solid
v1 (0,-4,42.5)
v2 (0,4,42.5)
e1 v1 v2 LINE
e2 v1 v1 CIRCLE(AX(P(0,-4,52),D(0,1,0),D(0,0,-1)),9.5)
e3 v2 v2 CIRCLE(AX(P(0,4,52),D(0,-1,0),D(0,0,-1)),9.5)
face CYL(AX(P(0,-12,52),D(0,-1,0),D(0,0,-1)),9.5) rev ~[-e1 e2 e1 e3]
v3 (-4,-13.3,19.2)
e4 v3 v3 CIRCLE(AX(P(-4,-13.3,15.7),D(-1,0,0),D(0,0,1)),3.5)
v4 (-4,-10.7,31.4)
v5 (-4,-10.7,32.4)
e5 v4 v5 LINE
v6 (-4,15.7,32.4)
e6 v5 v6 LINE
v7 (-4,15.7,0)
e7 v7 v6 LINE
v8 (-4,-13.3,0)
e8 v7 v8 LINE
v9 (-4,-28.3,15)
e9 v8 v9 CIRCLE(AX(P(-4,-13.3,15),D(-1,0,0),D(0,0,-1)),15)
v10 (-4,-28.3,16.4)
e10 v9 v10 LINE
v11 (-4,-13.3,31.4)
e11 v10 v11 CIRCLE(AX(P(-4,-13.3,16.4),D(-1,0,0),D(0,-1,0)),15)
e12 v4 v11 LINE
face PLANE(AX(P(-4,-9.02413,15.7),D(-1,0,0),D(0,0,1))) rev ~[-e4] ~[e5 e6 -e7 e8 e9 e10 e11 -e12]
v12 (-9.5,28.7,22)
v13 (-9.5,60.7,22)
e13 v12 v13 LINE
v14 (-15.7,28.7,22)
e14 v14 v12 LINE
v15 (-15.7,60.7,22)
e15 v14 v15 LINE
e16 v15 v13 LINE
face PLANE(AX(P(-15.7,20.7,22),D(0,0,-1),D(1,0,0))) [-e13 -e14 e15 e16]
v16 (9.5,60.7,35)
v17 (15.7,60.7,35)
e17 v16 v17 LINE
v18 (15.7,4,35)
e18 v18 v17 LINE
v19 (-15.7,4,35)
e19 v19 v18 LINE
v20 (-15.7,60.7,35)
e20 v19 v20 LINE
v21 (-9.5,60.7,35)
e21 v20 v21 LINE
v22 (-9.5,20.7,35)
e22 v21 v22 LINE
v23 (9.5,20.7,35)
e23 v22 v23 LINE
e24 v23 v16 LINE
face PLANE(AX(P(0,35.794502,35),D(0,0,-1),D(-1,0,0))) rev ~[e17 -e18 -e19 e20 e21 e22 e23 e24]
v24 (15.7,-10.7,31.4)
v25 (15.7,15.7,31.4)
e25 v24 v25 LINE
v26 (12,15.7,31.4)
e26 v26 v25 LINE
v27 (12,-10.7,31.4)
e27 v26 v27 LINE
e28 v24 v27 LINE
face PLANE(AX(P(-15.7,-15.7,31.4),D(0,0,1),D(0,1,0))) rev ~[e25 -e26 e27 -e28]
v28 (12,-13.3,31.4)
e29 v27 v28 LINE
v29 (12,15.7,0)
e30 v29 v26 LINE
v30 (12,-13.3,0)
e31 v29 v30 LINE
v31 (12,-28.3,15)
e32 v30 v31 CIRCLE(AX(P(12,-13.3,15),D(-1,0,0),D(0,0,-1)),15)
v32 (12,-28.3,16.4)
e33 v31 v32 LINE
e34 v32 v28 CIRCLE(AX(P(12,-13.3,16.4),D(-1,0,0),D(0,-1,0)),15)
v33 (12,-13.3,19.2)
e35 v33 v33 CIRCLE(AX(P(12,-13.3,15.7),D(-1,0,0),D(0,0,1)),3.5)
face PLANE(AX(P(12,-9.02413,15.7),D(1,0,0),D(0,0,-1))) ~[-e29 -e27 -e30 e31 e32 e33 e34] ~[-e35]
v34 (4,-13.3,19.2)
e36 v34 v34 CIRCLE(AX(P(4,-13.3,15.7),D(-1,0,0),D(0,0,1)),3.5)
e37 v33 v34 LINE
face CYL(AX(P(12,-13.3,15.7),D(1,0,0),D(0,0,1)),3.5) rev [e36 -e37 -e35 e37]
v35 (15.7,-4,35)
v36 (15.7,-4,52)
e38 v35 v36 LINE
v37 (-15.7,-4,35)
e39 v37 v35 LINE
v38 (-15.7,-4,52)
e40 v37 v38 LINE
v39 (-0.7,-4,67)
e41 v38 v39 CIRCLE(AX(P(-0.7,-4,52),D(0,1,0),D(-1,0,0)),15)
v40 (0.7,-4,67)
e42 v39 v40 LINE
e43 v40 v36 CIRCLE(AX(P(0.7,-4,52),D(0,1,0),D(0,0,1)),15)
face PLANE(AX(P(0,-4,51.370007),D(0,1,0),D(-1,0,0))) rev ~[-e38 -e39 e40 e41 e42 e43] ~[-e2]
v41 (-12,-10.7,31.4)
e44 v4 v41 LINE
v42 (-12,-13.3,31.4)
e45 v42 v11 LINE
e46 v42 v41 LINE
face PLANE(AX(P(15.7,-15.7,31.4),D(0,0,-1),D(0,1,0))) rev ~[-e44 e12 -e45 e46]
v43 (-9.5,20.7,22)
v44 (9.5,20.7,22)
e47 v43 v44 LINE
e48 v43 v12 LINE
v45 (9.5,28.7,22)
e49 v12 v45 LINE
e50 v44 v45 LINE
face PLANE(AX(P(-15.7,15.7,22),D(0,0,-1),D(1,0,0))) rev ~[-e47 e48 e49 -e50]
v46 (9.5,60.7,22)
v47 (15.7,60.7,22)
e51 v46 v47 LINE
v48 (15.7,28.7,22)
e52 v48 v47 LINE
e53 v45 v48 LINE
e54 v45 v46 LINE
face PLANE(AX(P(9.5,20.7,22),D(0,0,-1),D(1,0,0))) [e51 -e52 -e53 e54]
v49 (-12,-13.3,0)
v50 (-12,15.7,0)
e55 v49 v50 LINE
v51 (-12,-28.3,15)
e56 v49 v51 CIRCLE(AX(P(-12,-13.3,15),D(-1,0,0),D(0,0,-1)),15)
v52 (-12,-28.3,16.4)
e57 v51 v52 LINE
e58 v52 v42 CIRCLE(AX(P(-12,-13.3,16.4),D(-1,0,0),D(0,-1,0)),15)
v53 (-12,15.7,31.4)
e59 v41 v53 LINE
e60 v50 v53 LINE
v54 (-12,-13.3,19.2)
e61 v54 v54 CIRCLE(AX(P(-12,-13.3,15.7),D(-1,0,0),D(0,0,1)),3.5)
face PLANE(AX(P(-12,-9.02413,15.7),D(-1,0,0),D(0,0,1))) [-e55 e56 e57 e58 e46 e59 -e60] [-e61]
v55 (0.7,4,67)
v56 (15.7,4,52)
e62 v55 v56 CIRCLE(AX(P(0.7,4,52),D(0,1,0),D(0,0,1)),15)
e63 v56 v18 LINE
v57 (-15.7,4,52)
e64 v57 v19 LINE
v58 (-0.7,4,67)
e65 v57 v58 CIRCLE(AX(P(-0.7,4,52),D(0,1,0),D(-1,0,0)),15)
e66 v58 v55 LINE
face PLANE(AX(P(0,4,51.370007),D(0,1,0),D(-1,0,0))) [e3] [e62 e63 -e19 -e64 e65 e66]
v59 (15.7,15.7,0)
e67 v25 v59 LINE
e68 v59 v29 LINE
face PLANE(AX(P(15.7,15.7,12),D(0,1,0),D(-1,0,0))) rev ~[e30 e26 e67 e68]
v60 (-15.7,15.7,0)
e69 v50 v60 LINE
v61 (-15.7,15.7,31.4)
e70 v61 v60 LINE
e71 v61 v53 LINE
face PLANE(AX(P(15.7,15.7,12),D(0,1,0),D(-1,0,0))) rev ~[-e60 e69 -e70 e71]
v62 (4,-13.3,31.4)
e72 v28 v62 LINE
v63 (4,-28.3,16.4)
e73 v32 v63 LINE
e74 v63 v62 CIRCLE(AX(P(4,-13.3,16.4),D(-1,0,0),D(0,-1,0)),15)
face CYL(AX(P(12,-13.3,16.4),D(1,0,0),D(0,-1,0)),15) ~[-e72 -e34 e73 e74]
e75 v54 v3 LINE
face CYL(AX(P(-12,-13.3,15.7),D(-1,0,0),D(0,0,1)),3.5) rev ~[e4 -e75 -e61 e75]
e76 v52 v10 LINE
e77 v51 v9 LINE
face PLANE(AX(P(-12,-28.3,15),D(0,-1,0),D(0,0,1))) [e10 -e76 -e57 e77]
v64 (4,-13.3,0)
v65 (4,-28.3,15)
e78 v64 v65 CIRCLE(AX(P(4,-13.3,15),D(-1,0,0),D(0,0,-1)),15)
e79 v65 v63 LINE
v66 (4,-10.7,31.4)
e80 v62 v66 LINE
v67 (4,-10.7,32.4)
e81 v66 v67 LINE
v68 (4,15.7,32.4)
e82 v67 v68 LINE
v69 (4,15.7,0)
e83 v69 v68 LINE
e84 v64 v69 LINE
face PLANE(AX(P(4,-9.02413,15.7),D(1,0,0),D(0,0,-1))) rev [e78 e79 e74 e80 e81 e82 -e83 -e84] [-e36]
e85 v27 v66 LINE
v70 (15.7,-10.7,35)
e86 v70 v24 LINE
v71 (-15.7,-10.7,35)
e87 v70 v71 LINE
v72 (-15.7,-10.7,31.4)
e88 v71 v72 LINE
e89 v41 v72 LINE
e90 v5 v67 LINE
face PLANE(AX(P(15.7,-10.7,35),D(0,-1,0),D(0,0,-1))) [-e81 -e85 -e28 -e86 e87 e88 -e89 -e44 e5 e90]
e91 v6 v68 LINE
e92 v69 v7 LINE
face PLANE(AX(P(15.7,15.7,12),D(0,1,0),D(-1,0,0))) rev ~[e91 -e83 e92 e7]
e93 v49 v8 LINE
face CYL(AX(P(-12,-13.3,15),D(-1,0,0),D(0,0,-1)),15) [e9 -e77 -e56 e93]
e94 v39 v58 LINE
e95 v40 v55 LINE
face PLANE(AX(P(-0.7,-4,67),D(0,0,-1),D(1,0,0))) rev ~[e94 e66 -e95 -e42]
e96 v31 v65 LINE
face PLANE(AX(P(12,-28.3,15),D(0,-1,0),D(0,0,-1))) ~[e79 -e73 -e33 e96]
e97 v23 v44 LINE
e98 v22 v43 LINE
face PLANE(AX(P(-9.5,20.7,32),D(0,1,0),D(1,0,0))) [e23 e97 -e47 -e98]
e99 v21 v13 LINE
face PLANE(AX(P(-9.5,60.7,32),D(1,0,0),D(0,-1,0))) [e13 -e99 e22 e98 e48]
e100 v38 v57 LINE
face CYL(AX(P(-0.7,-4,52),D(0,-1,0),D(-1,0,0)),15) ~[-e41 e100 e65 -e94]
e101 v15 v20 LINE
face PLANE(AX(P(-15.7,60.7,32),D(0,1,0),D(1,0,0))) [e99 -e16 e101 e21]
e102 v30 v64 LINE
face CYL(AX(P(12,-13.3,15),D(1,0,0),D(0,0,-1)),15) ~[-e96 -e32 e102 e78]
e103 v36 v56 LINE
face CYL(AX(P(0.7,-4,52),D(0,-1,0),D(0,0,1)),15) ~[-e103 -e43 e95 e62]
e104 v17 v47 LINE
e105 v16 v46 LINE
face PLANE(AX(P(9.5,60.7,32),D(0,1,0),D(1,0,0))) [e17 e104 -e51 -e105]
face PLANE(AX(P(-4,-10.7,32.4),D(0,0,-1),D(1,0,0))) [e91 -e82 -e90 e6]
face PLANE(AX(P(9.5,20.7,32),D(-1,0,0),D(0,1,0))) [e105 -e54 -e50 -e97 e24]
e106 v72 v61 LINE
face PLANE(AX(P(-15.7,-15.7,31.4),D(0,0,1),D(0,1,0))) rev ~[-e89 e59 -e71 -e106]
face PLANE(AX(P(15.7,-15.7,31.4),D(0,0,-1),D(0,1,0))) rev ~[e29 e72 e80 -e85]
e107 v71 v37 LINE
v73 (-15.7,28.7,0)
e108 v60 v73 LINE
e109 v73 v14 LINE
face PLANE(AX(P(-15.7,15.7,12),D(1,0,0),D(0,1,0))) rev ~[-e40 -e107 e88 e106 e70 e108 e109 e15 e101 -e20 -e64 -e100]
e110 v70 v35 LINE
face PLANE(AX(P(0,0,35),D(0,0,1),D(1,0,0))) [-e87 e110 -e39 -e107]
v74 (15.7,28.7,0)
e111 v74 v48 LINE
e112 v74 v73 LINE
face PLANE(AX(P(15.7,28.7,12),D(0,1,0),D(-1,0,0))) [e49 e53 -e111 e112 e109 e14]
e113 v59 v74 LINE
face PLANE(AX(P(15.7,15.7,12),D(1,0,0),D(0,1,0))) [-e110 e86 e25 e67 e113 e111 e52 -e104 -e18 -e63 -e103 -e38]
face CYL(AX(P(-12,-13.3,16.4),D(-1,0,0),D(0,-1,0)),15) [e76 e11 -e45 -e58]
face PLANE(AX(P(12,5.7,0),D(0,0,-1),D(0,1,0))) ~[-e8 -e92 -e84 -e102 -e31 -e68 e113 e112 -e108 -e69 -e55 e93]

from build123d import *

# Parameters (mm, degrees)
SKETCH4_W            = 31.4
SKETCH4_H            = 31.4
SKETCH4_W_2          = 25.4
SKETCH4_H_2          = 25.4
BOSS_EXTRUDE3_DEPTH  = 30
SKETCH5_W            = 31.4
SKETCH5_H            = 31.4
BOSS_EXTRUDE4_DEPTH  = 5
SKETCH6_W            = 31.4
SKETCH6_H            = 8
BOSS_EXTRUDE5_DEPTH  = 5
BOSS_EXTRUDE6_DEPTH  = 8
SKETCH8_R            = 9.5
BOSS_EXTRUDE7_DEPTH  = 8
SKETCH9_W            = 31.4
SKETCH9_H            = 10
BOSS_EXTRUDE8_DEPTH  = 5
SKETCH10_W           = 31.4
SKETCH10_H           = 10
BOSS_EXTRUDE9_DEPTH  = 13
SKETCH11_W           = 6.2
SKETCH11_H           = 10
BOSS_EXTRUDE10_DEPTH = 40
BOSS_EXTRUDE11_DEPTH = 3
SKETCH13_W           = 31.4
SKETCH13_H           = 31.4
CUT_EXTRUDE1_DEPTH   = 31.4
SKETCH15_W           = 31.4
SKETCH15_H           = 13
BOSS_EXTRUDE12_DEPTH = 12
SKETCH17_W           = 8
SKETCH17_H           = 31.4
BOSS_EXTRUDE13_DEPTH = 10
SKETCH18_R           = 3.5
BOSS_EXTRUDE14_DEPTH = 8
SKETCH19_W           = 3.6
SKETCH19_H           = 5
CUT_EXTRUDE2_DEPTH   = 31.4
CUT_EXTRUDE3_START   = 8
SKETCH8_2_R          = 9.5
CUT_EXTRUDE3_DEPTH   = 24
SKETCH20_W           = 8
SKETCH20_H           = 1
CUT_EXTRUDE4_DEPTH   = 26.4


with BuildPart() as part:
    # Sketch4 → Boss-Extrude3 (new body)
    with BuildSketch(Plane.XY):
        Rectangle(SKETCH4_W, SKETCH4_H)
        Rectangle(SKETCH4_W_2, SKETCH4_H_2, mode=Mode.SUBTRACT)
    extrude(amount=BOSS_EXTRUDE3_DEPTH)

    # Sketch5 → Boss-Extrude4 (add)
    with BuildSketch(Plane.XY.offset(30)):
        Rectangle(SKETCH5_W, SKETCH5_H)
    extrude(amount=BOSS_EXTRUDE4_DEPTH)

    # Sketch6 → Boss-Extrude5 (add)
    with BuildSketch(Plane.XY.offset(35)):
        Rectangle(SKETCH6_W, SKETCH6_H)
    extrude(amount=BOSS_EXTRUDE5_DEPTH)

    # Sketch7 → Boss-Extrude6 (add)
    with BuildSketch(Plane.XZ.offset(4)):
        with BuildLine():
            Line((-15.7, 40), (-15.7, 52))
            ThreePointArc((-15.7, 52), (-11.306601718, 62.606601718), (-0.7, 67))
            Line((-0.7, 67), (0.7, 67))
            ThreePointArc((0.7, 67), (11.306601718, 62.606601718), (15.7, 52))
            Line((15.7, 52), (15.7, 40))
            Line((15.7, 40), (-15.7, 40))
        make_face()
    extrude(amount=-BOSS_EXTRUDE6_DEPTH)

    # Sketch8 → Boss-Extrude7 (add)
    with BuildSketch(Plane.XZ.offset(4)):
        with Locations((0, 52)):
            Circle(SKETCH8_R)
    boss_extrude7 = extrude(amount=BOSS_EXTRUDE7_DEPTH)

    # Mirror1: Boss-Extrude7 across plane
    add(boss_extrude7.mirror(Plane.ZX))

    # Sketch9 → Boss-Extrude8 (add)
    with BuildSketch(Plane(origin=(0, 15.7, 0), x_dir=(1, 0, 0), z_dir=(0, 1, 0))):
        with Locations((0, -27)):
            Rectangle(SKETCH9_W, SKETCH9_H)
    extrude(amount=BOSS_EXTRUDE8_DEPTH)

    # Sketch10 → Boss-Extrude9 (add)
    with BuildSketch(Plane(origin=(0, 15.7, 0), x_dir=(1, 0, 0), z_dir=(0, 1, 0))):
        with Locations((0, -17)):
            Rectangle(SKETCH10_W, SKETCH10_H)
    extrude(amount=BOSS_EXTRUDE9_DEPTH)

    # Sketch11 → Boss-Extrude10 (add)
    with BuildSketch(Plane(origin=(0, 20.7, 0), x_dir=(1, 0, 0), z_dir=(0, 1, 0))):
        with Locations((-12.6, -27)):
            Rectangle(SKETCH11_W, SKETCH11_H)
        with Locations((12.6, -27)):
            Rectangle(SKETCH11_W, SKETCH11_H)
    extrude(amount=BOSS_EXTRUDE10_DEPTH)

    # Sketch12 → Boss-Extrude11 (add)
    with BuildSketch(Plane.XY.offset(32)):
        Polygon((-15.7, 60.7), (-9.5, 60.7), (-9.5, 20.7), (9.5, 20.7), (9.5, 60.7), (15.7, 60.7), (15.7, 15.7), (-15.7, 15.7), align=None)
    extrude(amount=BOSS_EXTRUDE11_DEPTH)

    # Sketch13 → Cut-Extrude1 (cut)
    with BuildSketch(Plane.ZY.offset(15.7)):
        with Locations((15.7, 0)):
            Rectangle(SKETCH13_W, SKETCH13_H)
    extrude(amount=-CUT_EXTRUDE1_DEPTH, mode=Mode.SUBTRACT)

    # Sketch15 → Boss-Extrude12 (add)
    with BuildSketch(Plane(origin=(0, 0, 12), x_dir=(-1, 0, 0), z_dir=(0, 0, -1))):
        with Locations((0, 22.2)):
            Rectangle(SKETCH15_W, SKETCH15_H)
    extrude(amount=BOSS_EXTRUDE12_DEPTH)

    # Sketch17 → Boss-Extrude13 (add)
    with BuildSketch(Plane.XZ.offset(-15.7)):
        with Locations((-8, 15.7)):
            Rectangle(SKETCH17_W, SKETCH17_H)
    boss_extrude13 = extrude(amount=BOSS_EXTRUDE13_DEPTH)

    # Sketch18 → Boss-Extrude14 (add)
    with BuildSketch(Plane.ZY.offset(12)):
        with BuildLine():
            Line((31.4, 5.7), (0, 5.7))
            Line((0, 5.7), (0, -13.3))
            ThreePointArc((0, -13.3), (4.393398282, -23.906601718), (15, -28.3))
            Line((15, -28.3), (16.4, -28.3))
            ThreePointArc((16.4, -28.3), (27.006601718, -23.906601718), (31.4, -13.3))
            Line((31.4, -13.3), (31.4, 5.7))
        make_face()
        with Locations((15.7, -13.3)):
            Circle(SKETCH18_R, mode=Mode.SUBTRACT)
    boss_extrude14 = extrude(amount=-BOSS_EXTRUDE14_DEPTH)

    # Mirror3: Boss-Extrude13, Boss-Extrude14 across plane
    add(boss_extrude13.mirror(Plane(origin=(0, 0, 0), x_dir=(0, 0, 1), z_dir=(1, 0, 0))))
    add(boss_extrude14.mirror(Plane(origin=(0, 0, 0), x_dir=(0, 0, 1), z_dir=(1, 0, 0))))

    # Sketch19 → Cut-Extrude2 (cut)
    with BuildSketch(Plane(origin=(15.7, 0, 0), x_dir=(0, 0, -1), z_dir=(1, 0, 0))):
        with Locations((-33.2, -13.2)):
            Rectangle(SKETCH19_W, SKETCH19_H)
    extrude(amount=-CUT_EXTRUDE2_DEPTH, mode=Mode.SUBTRACT)

    # Sketch8<2> → Cut-Extrude3 (cut)
    with BuildSketch(Plane.XZ.offset(4).offset(CUT_EXTRUDE3_START)):
        with Locations((0, 52)):
            Circle(SKETCH8_2_R)
    extrude(amount=-CUT_EXTRUDE3_DEPTH, mode=Mode.SUBTRACT)

    # Sketch20 → Cut-Extrude4 (cut)
    with BuildSketch(Plane.XZ.offset(10.7)):
        with Locations((0, 31.9)):
            Rectangle(SKETCH20_W, SKETCH20_H)
    extrude(amount=-CUT_EXTRUDE4_DEPTH, mode=Mode.SUBTRACT)


solid = part.part
